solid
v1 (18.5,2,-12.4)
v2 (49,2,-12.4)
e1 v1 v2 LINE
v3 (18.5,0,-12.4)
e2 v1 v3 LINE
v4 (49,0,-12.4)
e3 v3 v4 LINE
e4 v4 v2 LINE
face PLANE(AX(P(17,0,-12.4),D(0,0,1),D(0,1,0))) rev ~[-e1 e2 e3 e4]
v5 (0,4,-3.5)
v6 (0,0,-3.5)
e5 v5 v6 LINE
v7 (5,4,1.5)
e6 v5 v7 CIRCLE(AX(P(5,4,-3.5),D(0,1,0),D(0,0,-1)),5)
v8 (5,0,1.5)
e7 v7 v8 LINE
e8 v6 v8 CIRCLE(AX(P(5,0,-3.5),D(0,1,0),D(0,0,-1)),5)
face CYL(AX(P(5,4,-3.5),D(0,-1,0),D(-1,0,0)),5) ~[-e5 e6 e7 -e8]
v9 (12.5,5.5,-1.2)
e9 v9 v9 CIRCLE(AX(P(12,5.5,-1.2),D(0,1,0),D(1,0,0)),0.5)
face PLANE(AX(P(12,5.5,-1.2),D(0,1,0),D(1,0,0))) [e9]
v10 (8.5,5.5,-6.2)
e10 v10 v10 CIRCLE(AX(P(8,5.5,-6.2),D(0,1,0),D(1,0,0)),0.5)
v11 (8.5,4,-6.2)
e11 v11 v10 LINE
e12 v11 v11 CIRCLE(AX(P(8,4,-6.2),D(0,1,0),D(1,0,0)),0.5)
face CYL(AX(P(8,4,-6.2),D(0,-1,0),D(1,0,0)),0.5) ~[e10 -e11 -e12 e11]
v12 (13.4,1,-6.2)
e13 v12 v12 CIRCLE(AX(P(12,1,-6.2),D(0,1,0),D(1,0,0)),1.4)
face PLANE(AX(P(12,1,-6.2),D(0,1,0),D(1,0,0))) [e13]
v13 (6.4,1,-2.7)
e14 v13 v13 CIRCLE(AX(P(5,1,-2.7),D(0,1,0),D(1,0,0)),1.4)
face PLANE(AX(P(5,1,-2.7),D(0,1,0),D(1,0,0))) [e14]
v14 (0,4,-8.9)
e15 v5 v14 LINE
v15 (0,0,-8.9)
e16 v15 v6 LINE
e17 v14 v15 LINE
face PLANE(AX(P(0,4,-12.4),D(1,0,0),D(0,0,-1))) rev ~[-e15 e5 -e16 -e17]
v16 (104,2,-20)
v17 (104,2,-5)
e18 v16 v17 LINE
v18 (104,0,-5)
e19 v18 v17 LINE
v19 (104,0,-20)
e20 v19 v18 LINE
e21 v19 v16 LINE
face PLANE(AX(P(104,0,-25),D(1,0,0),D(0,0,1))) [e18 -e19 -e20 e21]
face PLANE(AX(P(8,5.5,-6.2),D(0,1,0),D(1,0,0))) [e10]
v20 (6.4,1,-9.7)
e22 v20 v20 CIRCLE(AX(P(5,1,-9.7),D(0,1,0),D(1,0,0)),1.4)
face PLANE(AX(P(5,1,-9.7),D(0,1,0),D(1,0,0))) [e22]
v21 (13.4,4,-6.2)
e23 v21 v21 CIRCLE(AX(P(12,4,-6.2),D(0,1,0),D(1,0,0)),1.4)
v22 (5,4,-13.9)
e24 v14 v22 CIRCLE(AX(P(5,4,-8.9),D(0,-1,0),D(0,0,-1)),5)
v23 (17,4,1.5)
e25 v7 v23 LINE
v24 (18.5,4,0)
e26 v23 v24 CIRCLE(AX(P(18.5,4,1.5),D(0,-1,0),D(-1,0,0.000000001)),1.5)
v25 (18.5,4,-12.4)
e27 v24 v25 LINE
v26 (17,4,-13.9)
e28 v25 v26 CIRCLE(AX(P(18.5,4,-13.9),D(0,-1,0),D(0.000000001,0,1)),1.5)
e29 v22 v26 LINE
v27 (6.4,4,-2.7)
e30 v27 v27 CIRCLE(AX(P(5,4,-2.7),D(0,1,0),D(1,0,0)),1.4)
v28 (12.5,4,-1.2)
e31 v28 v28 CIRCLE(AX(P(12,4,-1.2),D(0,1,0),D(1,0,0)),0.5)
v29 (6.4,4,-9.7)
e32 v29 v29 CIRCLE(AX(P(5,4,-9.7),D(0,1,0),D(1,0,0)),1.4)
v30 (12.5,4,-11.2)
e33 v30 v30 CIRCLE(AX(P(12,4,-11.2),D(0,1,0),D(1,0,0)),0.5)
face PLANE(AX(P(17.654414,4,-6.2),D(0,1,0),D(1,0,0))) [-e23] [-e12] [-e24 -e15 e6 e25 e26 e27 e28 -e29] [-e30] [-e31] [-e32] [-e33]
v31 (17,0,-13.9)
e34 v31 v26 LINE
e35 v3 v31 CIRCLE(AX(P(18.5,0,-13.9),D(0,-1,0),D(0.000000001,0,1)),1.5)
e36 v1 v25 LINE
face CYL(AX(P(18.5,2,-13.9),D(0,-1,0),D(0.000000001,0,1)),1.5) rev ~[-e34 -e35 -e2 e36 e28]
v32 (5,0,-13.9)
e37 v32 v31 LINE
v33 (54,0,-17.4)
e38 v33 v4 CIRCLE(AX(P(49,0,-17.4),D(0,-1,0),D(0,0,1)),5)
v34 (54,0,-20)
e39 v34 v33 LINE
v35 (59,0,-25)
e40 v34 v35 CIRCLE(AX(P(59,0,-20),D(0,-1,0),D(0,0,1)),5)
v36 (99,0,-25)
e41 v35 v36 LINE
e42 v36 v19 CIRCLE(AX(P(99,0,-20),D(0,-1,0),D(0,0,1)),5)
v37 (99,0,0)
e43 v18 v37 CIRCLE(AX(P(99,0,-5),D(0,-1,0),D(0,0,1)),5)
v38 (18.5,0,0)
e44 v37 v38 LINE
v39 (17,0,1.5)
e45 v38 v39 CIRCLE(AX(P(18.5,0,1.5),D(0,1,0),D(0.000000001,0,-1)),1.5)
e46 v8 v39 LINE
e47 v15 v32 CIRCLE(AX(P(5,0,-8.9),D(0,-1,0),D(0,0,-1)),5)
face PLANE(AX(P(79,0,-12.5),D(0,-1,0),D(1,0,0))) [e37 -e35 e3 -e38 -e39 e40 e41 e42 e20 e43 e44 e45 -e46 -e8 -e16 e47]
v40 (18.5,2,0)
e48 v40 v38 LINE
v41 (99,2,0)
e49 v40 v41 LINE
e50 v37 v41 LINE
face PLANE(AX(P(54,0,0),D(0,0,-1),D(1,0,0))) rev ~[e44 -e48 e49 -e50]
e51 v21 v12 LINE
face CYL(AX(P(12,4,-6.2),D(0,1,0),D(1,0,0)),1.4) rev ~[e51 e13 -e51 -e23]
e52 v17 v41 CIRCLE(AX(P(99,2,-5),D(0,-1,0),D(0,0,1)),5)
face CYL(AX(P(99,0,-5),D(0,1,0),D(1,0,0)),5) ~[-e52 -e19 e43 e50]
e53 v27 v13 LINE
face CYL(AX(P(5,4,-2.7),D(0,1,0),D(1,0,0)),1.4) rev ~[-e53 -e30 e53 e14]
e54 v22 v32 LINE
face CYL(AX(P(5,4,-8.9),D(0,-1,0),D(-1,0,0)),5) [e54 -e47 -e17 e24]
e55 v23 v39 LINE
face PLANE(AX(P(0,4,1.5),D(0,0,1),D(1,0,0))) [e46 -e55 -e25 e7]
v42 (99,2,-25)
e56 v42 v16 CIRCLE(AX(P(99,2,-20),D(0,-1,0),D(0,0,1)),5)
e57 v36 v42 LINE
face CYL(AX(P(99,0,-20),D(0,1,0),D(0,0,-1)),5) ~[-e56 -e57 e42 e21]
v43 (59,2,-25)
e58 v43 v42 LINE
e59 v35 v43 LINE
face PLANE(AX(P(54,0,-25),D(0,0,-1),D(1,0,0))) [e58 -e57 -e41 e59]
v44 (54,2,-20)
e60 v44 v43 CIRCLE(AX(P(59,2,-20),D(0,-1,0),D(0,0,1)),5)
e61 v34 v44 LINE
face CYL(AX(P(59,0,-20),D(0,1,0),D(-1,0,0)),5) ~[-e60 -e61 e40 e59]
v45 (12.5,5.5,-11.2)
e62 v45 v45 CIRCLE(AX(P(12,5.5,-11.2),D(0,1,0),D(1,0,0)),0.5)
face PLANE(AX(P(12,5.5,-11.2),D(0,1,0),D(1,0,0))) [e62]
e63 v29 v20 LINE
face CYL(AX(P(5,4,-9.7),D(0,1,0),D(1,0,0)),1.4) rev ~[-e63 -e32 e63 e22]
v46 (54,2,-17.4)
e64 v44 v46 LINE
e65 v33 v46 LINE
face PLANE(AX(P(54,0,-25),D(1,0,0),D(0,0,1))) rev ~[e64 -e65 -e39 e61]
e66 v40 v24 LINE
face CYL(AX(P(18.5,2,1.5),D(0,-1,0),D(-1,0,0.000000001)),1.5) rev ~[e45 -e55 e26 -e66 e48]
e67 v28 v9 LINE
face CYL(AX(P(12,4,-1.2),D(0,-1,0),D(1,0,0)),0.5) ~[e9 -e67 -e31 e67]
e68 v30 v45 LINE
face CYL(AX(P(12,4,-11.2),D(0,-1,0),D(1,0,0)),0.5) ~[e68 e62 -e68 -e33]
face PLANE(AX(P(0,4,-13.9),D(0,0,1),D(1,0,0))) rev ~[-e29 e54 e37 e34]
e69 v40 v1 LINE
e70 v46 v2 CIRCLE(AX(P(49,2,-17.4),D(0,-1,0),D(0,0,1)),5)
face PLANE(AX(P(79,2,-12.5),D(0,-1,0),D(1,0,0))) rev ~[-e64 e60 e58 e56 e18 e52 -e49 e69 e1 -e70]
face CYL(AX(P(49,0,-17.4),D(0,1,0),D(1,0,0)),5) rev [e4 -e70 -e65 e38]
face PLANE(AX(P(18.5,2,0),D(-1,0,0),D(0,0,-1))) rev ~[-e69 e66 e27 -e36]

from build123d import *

# Parameters (mm, degrees)
SKETCH_1_W          = 17
SKETCH_1_H          = 12.4
EXTRUDE_1_DEPTH     = 4
SKETCH_2_R          = 1.4
CUT_EXTRUDE_1_DEPTH = 3
SKETCH_3_W          = 12.4
SKETCH_3_H          = 2
EXTRUDE_2_DEPTH     = 37
SKETCH_4_W          = 17
SKETCH_4_H          = 1.5
EXTRUDE_3_DEPTH     = 4
FILLET_1_R          = 5
SKETCH_5_R          = 0.5
EXTRUDE_4_DEPTH     = 1.5
EXTRUDE_5_DEPTH     = 2
SKETCH_7_W          = 50
SKETCH_7_H          = 25
EXTRUDE_6_DEPTH     = 2
FILLET_2_R          = 5
FILLET_3_R          = 5
EXTRUDE_7_DEPTH     = 2


with BuildPart() as part:
    # 草图1 → 凸台-拉伸1 (new body)
    with BuildSketch(Plane(origin=(0, 0, 0), x_dir=(1, 0, 0), z_dir=(0, 1, 0))):
        with Locations((8.5, 6.2)):
            Rectangle(SKETCH_1_W, SKETCH_1_H)
    extrude(amount=EXTRUDE_1_DEPTH)

    # 草图2 → 切除-拉伸1 (cut)
    with BuildSketch(Plane(origin=(0, 4, 0), x_dir=(1, 0, 0), z_dir=(0, 1, 0))):
        with Locations((12, 6.2)):
            Circle(SKETCH_2_R)
        with Locations((5, 9.7)):
            Circle(SKETCH_2_R)
        with Locations((5, 2.7)):
            Circle(SKETCH_2_R)
    extrude(amount=-CUT_EXTRUDE_1_DEPTH, mode=Mode.SUBTRACT)

    # 草图3 → 凸台-拉伸2 (add)
    with BuildSketch(Plane(origin=(17, 0, 0), x_dir=(0, 0, -1), z_dir=(1, 0, 0))):
        with Locations((6.2, 1)):
            Rectangle(SKETCH_3_W, SKETCH_3_H)
    extrude(amount=EXTRUDE_2_DEPTH)

    # 草图4 → 凸台-拉伸3 (add)
    with BuildSketch(Plane(origin=(0, 4, 0), x_dir=(1, 0, 0), z_dir=(0, 1, 0))):
        with Locations((8.5, 13.15)):
            Rectangle(SKETCH_4_W, SKETCH_4_H)
        with Locations((8.5, -0.75)):
            Rectangle(SKETCH_4_W, SKETCH_4_H)
    extrude(amount=-EXTRUDE_3_DEPTH)

    # 圆角1
    fillet_1_edges = [part.edges().sort_by_distance(p)[0] for p in [
        (0, 2, -13.9),
        (0, 2, 1.5),
    ]]
    fillet(fillet_1_edges, radius=FILLET_1_R)

    # 草图5 → 凸台-拉伸4 (add)
    with BuildSketch(Plane(origin=(0, 4, 0), x_dir=(1, 0, 0), z_dir=(0, 1, 0))):
        with Locations((8, 6.2)):
            Circle(SKETCH_5_R)
        with Locations((12, 11.2)):
            Circle(SKETCH_5_R)
        with Locations((12, 1.2)):
            Circle(SKETCH_5_R)
    extrude(amount=EXTRUDE_4_DEPTH)

    # 草图6 → 凸台-拉伸5 (add)
    with BuildSketch(Plane(origin=(0, 2, 0), x_dir=(1, 0, 0), z_dir=(0, 1, 0))):
        with BuildLine():
            Line((17, 13.9), (17, 12.4))
            Line((17, 12.4), (18.5, 12.4))
            ThreePointArc((18.5, 12.4), (17.439339828, 12.839339828), (17, 13.9))
        make_face()
        with BuildLine():
            Line((17, -1.5), (17, 0))
            Line((17, 0), (18.5, 0))
            ThreePointArc((18.5, 0), (17.439339828, -0.439339828), (17, -1.5))
        make_face()
    extrude(amount=-EXTRUDE_5_DEPTH)

    # 草图7 → 凸台-拉伸6 (add)
    with BuildSketch(Plane.XZ):
        with Locations((79, -12.5)):
            Rectangle(SKETCH_7_W, SKETCH_7_H)
    extrude(amount=-EXTRUDE_6_DEPTH)

    # 圆角2
    fillet_2_edges = [part.edges().sort_by_distance(p)[0] for p in [
        (54, 1, -25),
        (54, 1, -12.4),
    ]]
    fillet(fillet_2_edges, radius=FILLET_2_R)

    # 圆角3
    fillet_3_edges = [part.edges().sort_by_distance(p)[0] for p in [
        (104, 1, 0),
        (104, 1, -25),
    ]]
    fillet(fillet_3_edges, radius=FILLET_3_R)

    # 草图8 → 凸台-拉伸7 (add)
    with BuildSketch(Plane(origin=(0, 2, 0), x_dir=(1, 0, 0), z_dir=(0, 1, 0))):
        with BuildLine():
            Line((18.5, 0), (18.5, 12.4))
            ThreePointArc((18.5, 12.4), (17.439339828, 12.839339828), (17, 13.9))
            Line((17, 13.9), (17, -1.5))
            ThreePointArc((17, -1.5), (17.439339828, -0.439339828), (18.5, 0))
        make_face()
    extrude(amount=EXTRUDE_7_DEPTH)


solid = part.part
